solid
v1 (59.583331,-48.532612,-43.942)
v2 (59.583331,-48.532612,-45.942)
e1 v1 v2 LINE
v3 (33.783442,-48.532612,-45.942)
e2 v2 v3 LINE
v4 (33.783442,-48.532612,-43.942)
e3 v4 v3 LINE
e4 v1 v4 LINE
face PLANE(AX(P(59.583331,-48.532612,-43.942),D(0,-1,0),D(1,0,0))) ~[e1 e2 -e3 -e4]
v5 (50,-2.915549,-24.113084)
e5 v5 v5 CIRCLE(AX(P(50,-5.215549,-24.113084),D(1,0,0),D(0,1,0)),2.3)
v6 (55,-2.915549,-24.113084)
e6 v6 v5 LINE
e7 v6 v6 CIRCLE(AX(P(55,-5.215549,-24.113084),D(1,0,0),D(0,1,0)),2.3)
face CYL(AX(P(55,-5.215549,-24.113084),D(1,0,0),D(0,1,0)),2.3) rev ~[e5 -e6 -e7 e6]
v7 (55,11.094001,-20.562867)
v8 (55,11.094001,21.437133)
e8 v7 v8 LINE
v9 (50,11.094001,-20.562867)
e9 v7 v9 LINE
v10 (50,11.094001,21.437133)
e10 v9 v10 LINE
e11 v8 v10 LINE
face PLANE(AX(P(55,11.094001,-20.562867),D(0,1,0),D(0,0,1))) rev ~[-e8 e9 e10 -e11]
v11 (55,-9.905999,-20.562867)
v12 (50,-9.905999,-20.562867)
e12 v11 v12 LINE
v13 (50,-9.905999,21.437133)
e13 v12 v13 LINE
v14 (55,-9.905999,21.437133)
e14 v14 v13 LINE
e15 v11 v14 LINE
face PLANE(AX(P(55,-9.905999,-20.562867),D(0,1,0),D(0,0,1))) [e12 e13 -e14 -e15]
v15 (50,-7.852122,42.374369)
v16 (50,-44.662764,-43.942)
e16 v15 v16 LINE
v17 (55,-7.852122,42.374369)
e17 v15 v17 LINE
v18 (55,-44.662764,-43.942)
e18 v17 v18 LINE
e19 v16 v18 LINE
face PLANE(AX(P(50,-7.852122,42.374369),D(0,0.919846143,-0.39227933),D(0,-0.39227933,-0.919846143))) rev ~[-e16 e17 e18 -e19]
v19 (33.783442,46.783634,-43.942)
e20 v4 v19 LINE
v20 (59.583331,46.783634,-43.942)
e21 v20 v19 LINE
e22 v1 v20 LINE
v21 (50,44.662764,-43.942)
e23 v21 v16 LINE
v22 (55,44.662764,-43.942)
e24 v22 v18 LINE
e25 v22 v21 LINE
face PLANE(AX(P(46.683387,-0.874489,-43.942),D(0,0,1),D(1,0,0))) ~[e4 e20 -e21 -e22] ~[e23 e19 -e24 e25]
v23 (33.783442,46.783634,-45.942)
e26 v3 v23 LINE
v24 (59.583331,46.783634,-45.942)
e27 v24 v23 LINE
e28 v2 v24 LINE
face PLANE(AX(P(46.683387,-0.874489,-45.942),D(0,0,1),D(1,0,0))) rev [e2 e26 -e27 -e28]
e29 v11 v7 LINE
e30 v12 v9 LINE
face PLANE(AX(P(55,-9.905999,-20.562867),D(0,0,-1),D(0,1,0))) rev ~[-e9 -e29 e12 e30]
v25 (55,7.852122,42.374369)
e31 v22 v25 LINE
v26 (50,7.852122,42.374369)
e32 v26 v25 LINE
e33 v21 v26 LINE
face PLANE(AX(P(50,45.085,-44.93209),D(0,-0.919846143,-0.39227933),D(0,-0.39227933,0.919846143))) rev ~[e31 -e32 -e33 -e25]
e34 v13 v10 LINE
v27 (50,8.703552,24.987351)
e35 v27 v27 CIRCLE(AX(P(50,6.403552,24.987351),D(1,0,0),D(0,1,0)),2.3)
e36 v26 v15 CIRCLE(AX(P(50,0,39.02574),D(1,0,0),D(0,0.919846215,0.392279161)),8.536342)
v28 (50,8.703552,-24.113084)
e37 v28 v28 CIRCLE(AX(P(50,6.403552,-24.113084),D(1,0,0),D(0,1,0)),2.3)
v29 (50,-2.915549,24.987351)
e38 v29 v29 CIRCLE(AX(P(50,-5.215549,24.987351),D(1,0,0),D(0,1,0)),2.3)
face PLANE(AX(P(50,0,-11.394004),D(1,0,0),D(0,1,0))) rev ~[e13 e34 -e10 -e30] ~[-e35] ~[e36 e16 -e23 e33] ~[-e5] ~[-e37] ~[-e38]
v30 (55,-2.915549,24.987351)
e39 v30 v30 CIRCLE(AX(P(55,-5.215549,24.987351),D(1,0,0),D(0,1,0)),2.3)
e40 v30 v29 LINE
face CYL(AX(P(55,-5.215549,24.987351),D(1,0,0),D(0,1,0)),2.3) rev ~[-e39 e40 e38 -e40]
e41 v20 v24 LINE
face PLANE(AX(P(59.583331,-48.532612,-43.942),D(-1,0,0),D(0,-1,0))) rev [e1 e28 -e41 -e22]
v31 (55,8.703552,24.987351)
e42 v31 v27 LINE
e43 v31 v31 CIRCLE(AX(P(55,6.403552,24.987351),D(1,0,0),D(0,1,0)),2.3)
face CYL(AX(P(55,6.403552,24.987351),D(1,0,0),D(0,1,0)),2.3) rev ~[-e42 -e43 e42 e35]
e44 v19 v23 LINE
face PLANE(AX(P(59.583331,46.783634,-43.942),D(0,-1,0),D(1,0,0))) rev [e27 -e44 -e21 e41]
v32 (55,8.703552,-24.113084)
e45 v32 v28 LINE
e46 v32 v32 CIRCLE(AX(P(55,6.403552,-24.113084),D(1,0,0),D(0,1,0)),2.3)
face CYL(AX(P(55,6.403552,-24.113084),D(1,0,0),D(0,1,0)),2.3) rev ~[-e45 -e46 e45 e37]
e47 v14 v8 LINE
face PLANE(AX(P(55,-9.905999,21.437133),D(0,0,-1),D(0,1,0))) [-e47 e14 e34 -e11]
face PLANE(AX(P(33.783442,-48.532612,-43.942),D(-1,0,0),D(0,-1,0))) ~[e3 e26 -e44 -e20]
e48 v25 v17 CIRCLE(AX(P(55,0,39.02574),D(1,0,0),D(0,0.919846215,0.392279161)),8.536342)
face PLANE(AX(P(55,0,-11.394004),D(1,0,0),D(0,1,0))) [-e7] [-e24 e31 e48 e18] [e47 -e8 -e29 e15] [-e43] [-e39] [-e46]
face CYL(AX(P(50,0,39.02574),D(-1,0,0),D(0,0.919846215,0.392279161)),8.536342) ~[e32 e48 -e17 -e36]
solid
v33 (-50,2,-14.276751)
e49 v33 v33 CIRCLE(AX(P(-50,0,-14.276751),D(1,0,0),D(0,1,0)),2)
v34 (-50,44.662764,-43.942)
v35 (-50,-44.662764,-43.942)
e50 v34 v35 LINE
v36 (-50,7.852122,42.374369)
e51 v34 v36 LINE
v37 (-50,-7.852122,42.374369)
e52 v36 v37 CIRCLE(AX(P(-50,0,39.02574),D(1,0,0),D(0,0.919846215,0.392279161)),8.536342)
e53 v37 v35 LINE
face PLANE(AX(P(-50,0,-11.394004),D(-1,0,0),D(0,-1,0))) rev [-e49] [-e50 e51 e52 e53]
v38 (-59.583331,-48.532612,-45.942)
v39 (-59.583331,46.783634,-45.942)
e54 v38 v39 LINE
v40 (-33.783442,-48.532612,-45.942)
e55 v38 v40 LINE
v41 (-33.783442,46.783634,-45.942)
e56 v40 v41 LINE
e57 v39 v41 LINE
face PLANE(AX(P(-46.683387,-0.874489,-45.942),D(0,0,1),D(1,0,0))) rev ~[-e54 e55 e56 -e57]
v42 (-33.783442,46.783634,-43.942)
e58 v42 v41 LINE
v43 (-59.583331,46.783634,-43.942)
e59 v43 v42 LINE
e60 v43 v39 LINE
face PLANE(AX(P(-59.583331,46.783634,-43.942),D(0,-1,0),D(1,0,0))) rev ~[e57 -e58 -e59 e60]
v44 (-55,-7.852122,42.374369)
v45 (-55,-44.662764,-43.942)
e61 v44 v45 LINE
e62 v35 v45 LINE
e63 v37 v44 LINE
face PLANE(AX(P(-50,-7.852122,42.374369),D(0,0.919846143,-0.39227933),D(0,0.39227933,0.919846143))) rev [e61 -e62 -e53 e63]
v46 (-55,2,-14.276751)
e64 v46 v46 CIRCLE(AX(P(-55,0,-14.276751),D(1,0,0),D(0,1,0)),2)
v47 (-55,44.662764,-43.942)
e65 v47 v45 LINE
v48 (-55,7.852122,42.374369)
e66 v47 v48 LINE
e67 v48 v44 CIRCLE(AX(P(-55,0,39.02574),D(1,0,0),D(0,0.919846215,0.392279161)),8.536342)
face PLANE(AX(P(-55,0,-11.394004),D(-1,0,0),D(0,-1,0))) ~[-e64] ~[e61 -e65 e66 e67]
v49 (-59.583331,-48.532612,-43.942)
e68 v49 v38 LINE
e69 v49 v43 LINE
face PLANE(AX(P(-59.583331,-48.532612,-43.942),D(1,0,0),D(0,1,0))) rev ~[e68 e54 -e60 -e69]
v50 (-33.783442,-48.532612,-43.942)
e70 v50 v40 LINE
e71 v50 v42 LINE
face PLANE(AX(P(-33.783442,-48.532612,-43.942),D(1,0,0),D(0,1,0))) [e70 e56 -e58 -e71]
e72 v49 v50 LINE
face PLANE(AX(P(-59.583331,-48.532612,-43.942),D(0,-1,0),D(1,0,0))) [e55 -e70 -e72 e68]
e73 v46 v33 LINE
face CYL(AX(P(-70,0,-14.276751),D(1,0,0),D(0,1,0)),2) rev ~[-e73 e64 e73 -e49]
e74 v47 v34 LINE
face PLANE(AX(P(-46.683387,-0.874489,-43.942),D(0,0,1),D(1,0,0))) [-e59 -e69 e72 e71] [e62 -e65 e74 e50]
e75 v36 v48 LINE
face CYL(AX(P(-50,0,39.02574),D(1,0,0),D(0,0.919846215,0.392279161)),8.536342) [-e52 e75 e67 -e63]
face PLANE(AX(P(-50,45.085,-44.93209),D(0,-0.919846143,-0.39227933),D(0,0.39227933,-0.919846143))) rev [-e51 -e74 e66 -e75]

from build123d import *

# Parameters (mm, degrees)
F2_DEPTH  = 5
F5_W      = 25.799889
F5_H      = 95.316247
F6_DEPTH  = 2
F9_D      = 4
F9_DEPTH  = 15
F10_W     = 21
F10_H     = 42
F10_R     = 2.3
F11_DEPTH = 6


with BuildPart() as f2:
    # F1 (on offset) → F2 (new body)
    with BuildSketch(Plane.YZ.offset(50)):
        with BuildLine():
            Line((45.085, -44.93209), (7.852122, 42.374369))
            ThreePointArc((7.852122, 42.374369), (0, 47.562082), (-7.852122, 42.374369))
            Line((-7.852122, 42.374369), (-45.085, -44.93209))
            Line((-45.085, -44.93209), (0, -44.93209))
            Line((0, -44.93209), (45.085, -44.93209))
        make_face()
    extrude(amount=F2_DEPTH)

    # F7: F4_1 across plane


with BuildPart() as f4_1:
    # F4: instance of F2
    add(f2.part.mirror(Plane.YZ))

    # F5 (on offset) → F6 (join)
    with BuildSketch(Plane.XY.offset(-43.942)):
        with Locations((-46.683387, -0.874489)):
            Rectangle(F5_W, F5_H)
    extrude(amount=-F6_DEPTH)

    # F9
    with Locations(Plane(origin=(-55, 0, 0), x_dir=(0, -1, 0), z_dir=(-1, 0, 0))):
        with Locations((0, -14.276751)):
            Hole(F9_D / 2, depth=F9_DEPTH)


with BuildPart() as f2_1:
    add(f2.part)
    add(f4_1.part.mirror(Plane.YZ))

    # F10 (on face) → F11 (cut)
    with BuildSketch(Plane.YZ.offset(55)):
        with Locations((0.594001, 0.437133)):
            Rectangle(F10_W, F10_H)
        with Locations((-5.215549, 24.987351)):
            Circle(F10_R)
        with Locations((6.403552, 24.987351)):
            Circle(F10_R)
        with Locations((-5.215549, -24.113084)):
            Circle(F10_R)
        with Locations((6.403552, -24.113084)):
            Circle(F10_R)
    extrude(amount=-F11_DEPTH, mode=Mode.SUBTRACT)


solid = Compound([f4_1.part, f2_1.part])
